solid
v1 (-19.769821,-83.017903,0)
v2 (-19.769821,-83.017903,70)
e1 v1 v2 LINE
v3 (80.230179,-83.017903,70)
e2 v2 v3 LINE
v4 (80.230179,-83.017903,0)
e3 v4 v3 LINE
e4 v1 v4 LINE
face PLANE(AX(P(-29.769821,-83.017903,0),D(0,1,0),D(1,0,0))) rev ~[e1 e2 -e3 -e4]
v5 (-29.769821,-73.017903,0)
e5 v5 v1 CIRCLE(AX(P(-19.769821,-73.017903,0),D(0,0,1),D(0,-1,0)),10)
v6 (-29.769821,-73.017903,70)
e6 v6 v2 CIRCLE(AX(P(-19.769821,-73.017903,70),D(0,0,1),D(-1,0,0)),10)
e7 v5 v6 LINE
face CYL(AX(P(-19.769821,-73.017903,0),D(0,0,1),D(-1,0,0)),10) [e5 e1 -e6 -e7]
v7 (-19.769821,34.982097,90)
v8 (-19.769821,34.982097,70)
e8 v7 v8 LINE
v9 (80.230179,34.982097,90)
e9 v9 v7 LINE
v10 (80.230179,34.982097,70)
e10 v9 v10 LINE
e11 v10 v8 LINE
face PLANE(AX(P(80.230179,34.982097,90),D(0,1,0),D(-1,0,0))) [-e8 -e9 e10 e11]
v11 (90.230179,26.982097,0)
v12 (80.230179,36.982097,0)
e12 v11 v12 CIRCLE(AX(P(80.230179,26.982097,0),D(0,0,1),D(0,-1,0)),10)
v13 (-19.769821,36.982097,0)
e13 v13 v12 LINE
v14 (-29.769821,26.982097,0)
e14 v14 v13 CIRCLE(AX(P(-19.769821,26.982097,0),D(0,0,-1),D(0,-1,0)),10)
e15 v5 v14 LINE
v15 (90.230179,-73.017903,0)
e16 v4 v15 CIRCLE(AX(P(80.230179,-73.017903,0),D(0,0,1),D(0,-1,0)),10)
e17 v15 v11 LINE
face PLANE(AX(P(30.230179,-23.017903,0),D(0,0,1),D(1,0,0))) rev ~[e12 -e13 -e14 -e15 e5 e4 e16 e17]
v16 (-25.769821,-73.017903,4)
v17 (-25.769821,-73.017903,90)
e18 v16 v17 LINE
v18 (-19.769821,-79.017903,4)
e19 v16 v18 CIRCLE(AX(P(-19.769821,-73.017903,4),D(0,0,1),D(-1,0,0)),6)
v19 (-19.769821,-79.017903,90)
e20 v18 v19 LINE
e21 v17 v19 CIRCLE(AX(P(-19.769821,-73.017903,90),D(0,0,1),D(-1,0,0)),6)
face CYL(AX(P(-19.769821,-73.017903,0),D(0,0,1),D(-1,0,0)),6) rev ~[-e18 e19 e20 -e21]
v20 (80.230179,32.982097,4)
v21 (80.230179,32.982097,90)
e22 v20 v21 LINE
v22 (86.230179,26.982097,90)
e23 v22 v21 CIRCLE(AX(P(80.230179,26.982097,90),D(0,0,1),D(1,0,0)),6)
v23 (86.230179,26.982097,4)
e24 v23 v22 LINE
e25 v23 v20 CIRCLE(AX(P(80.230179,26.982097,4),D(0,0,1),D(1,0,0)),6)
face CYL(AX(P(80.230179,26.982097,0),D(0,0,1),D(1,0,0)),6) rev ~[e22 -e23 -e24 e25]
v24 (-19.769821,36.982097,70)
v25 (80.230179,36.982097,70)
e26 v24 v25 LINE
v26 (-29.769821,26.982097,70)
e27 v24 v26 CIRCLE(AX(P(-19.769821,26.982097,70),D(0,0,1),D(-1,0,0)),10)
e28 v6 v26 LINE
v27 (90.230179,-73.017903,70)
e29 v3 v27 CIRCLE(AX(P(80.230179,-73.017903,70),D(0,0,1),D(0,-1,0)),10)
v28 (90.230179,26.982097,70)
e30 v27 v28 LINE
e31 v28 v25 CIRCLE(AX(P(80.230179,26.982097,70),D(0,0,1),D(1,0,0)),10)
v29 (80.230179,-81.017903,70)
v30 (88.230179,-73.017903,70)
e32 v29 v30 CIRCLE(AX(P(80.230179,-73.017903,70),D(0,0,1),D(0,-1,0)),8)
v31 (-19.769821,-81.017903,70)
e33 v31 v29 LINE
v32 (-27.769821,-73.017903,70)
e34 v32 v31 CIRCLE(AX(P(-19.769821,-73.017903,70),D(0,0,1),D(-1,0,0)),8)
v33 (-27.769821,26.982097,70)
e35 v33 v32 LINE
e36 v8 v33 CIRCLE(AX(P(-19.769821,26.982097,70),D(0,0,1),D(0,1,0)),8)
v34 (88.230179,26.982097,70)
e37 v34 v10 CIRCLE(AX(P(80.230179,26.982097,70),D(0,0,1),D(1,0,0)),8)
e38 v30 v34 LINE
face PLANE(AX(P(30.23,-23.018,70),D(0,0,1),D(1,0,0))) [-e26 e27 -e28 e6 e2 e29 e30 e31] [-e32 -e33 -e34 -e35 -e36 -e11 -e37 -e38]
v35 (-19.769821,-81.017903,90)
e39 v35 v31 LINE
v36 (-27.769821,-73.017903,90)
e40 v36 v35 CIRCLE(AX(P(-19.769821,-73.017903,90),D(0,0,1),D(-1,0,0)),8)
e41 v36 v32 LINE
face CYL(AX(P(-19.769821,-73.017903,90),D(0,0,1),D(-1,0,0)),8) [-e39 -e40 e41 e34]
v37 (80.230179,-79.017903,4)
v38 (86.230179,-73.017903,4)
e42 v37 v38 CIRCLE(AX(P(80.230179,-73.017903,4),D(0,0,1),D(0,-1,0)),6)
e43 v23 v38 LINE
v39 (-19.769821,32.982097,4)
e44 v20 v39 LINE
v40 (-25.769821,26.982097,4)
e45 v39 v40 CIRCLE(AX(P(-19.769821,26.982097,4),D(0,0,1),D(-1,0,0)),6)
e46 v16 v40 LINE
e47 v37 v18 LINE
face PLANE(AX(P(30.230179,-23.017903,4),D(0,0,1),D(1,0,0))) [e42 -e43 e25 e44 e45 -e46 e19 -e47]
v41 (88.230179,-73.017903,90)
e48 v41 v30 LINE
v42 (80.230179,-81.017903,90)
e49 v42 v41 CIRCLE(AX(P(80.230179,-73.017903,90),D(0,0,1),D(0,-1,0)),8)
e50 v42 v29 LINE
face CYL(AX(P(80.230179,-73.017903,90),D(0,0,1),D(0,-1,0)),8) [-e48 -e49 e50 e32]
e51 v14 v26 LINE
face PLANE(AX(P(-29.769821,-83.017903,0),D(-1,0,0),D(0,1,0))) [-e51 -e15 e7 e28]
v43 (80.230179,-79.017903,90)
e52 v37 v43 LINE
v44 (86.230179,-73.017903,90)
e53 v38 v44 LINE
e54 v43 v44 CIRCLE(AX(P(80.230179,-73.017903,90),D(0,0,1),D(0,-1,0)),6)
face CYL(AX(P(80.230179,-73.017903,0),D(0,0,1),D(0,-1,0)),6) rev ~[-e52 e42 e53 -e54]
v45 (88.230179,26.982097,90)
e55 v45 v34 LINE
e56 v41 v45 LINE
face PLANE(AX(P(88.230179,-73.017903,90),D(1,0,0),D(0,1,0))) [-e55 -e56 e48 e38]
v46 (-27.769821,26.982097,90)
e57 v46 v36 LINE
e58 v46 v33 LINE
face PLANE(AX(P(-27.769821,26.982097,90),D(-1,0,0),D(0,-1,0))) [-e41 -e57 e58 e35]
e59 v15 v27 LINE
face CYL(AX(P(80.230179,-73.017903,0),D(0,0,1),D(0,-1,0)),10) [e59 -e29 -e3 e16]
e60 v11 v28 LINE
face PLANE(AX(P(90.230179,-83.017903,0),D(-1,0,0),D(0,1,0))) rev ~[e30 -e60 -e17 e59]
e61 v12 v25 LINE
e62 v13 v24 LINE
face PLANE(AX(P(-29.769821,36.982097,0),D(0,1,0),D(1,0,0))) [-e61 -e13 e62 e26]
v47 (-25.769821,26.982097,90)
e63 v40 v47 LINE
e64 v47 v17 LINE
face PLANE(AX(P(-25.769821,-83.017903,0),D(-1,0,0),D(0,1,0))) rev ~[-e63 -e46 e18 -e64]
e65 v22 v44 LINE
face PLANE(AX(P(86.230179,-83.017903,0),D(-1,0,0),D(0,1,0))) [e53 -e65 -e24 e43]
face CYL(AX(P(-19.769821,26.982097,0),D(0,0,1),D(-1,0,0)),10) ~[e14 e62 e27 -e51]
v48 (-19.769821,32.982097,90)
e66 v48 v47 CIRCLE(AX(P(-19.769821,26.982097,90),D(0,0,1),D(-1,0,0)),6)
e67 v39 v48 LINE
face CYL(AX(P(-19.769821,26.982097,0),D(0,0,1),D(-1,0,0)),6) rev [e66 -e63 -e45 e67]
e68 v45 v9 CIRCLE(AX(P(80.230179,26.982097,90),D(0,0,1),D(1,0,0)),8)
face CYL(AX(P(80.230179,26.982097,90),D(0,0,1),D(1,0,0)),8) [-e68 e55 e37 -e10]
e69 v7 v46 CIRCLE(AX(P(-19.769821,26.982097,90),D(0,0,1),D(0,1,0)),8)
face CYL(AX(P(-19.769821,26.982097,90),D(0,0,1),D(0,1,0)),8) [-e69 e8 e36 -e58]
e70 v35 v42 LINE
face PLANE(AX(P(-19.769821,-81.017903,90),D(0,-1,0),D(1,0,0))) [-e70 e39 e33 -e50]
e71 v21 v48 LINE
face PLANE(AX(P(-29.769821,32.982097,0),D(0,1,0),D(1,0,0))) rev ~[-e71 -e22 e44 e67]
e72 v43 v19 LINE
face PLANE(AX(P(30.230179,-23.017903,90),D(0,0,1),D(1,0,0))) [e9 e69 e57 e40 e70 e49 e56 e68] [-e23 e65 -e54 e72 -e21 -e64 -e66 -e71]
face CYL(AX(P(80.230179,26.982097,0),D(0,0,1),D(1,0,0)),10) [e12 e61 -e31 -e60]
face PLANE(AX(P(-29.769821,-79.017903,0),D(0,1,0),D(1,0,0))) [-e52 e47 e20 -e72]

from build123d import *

# Parameters (mm, degrees)
SKETCH1_W           = 120
SKETCH1_H           = 120
BOSS_EXTRUDE1_DEPTH = 90
FILLET1_R           = 10
SHELL1_T            = -4
SKETCH2_OUTSIDE_W   = 160.418
SKETCH2_OUTSIDE_H   = 160.418
CUT_EXTRUDE2_DEPTH  = 20


with BuildPart() as part:
    # Sketch1 → Boss-Extrude1 (new body)
    with BuildSketch(Plane.XY):
        with Locations((30.230179028, -23.017902813)):
            Rectangle(SKETCH1_W, SKETCH1_H)
    extrude(amount=BOSS_EXTRUDE1_DEPTH)

    # Fillet1
    fillet1_edges = [part.edges().sort_by_distance(p)[0] for p in [
        (-29.769820972, 36.982097187, 45),
        (90.230179028, 36.982097187, 45),
        (90.230179028, -83.017902813, 45),
        (-29.769820972, -83.017902813, 45),
    ]]
    fillet(fillet1_edges, radius=FILLET1_R)

    # Shell1
    shell1_openings = [part.faces().sort_by_distance(p)[0] for p in [
        (30.230179028, -23.017902813, 90),
    ]]
    offset(amount=SHELL1_T, openings=shell1_openings, kind=Kind.INTERSECTION)

    # Sketch2 outside → Cut-Extrude2 (cut)
    with BuildSketch(Plane.XY.offset(90)):
        with Locations((30.23, -23.018)):
            Rectangle(SKETCH2_OUTSIDE_W, SKETCH2_OUTSIDE_H)
        with BuildLine():
            Line((-27.769820972, 26.982097187), (-27.769820972, -73.017902813))
            ThreePointArc((-27.769820972, -73.017902813), (-25.426675221, -78.674757063), (-19.769820972, -81.017902813))
            Line((-19.769820972, -81.017902813), (80.230179028, -81.017902813))
            ThreePointArc((80.230179028, -81.017902813), (85.887033278, -78.674757063), (88.230179028, -73.017902813))
            Line((88.230179028, -73.017902813), (88.230179028, 26.982097187))
            ThreePointArc((88.230179028, 26.982097187), (85.887033278, 32.638951436), (80.230179028, 34.982097187))
            Line((80.230179028, 34.982097187), (-19.769820972, 34.982097187))
            ThreePointArc((-19.769820972, 34.982097187), (-25.426675221, 32.638951436), (-27.769820972, 26.982097187))
        make_face(mode=Mode.SUBTRACT)
    extrude(amount=-CUT_EXTRUDE2_DEPTH, mode=Mode.SUBTRACT)


solid = part.part
